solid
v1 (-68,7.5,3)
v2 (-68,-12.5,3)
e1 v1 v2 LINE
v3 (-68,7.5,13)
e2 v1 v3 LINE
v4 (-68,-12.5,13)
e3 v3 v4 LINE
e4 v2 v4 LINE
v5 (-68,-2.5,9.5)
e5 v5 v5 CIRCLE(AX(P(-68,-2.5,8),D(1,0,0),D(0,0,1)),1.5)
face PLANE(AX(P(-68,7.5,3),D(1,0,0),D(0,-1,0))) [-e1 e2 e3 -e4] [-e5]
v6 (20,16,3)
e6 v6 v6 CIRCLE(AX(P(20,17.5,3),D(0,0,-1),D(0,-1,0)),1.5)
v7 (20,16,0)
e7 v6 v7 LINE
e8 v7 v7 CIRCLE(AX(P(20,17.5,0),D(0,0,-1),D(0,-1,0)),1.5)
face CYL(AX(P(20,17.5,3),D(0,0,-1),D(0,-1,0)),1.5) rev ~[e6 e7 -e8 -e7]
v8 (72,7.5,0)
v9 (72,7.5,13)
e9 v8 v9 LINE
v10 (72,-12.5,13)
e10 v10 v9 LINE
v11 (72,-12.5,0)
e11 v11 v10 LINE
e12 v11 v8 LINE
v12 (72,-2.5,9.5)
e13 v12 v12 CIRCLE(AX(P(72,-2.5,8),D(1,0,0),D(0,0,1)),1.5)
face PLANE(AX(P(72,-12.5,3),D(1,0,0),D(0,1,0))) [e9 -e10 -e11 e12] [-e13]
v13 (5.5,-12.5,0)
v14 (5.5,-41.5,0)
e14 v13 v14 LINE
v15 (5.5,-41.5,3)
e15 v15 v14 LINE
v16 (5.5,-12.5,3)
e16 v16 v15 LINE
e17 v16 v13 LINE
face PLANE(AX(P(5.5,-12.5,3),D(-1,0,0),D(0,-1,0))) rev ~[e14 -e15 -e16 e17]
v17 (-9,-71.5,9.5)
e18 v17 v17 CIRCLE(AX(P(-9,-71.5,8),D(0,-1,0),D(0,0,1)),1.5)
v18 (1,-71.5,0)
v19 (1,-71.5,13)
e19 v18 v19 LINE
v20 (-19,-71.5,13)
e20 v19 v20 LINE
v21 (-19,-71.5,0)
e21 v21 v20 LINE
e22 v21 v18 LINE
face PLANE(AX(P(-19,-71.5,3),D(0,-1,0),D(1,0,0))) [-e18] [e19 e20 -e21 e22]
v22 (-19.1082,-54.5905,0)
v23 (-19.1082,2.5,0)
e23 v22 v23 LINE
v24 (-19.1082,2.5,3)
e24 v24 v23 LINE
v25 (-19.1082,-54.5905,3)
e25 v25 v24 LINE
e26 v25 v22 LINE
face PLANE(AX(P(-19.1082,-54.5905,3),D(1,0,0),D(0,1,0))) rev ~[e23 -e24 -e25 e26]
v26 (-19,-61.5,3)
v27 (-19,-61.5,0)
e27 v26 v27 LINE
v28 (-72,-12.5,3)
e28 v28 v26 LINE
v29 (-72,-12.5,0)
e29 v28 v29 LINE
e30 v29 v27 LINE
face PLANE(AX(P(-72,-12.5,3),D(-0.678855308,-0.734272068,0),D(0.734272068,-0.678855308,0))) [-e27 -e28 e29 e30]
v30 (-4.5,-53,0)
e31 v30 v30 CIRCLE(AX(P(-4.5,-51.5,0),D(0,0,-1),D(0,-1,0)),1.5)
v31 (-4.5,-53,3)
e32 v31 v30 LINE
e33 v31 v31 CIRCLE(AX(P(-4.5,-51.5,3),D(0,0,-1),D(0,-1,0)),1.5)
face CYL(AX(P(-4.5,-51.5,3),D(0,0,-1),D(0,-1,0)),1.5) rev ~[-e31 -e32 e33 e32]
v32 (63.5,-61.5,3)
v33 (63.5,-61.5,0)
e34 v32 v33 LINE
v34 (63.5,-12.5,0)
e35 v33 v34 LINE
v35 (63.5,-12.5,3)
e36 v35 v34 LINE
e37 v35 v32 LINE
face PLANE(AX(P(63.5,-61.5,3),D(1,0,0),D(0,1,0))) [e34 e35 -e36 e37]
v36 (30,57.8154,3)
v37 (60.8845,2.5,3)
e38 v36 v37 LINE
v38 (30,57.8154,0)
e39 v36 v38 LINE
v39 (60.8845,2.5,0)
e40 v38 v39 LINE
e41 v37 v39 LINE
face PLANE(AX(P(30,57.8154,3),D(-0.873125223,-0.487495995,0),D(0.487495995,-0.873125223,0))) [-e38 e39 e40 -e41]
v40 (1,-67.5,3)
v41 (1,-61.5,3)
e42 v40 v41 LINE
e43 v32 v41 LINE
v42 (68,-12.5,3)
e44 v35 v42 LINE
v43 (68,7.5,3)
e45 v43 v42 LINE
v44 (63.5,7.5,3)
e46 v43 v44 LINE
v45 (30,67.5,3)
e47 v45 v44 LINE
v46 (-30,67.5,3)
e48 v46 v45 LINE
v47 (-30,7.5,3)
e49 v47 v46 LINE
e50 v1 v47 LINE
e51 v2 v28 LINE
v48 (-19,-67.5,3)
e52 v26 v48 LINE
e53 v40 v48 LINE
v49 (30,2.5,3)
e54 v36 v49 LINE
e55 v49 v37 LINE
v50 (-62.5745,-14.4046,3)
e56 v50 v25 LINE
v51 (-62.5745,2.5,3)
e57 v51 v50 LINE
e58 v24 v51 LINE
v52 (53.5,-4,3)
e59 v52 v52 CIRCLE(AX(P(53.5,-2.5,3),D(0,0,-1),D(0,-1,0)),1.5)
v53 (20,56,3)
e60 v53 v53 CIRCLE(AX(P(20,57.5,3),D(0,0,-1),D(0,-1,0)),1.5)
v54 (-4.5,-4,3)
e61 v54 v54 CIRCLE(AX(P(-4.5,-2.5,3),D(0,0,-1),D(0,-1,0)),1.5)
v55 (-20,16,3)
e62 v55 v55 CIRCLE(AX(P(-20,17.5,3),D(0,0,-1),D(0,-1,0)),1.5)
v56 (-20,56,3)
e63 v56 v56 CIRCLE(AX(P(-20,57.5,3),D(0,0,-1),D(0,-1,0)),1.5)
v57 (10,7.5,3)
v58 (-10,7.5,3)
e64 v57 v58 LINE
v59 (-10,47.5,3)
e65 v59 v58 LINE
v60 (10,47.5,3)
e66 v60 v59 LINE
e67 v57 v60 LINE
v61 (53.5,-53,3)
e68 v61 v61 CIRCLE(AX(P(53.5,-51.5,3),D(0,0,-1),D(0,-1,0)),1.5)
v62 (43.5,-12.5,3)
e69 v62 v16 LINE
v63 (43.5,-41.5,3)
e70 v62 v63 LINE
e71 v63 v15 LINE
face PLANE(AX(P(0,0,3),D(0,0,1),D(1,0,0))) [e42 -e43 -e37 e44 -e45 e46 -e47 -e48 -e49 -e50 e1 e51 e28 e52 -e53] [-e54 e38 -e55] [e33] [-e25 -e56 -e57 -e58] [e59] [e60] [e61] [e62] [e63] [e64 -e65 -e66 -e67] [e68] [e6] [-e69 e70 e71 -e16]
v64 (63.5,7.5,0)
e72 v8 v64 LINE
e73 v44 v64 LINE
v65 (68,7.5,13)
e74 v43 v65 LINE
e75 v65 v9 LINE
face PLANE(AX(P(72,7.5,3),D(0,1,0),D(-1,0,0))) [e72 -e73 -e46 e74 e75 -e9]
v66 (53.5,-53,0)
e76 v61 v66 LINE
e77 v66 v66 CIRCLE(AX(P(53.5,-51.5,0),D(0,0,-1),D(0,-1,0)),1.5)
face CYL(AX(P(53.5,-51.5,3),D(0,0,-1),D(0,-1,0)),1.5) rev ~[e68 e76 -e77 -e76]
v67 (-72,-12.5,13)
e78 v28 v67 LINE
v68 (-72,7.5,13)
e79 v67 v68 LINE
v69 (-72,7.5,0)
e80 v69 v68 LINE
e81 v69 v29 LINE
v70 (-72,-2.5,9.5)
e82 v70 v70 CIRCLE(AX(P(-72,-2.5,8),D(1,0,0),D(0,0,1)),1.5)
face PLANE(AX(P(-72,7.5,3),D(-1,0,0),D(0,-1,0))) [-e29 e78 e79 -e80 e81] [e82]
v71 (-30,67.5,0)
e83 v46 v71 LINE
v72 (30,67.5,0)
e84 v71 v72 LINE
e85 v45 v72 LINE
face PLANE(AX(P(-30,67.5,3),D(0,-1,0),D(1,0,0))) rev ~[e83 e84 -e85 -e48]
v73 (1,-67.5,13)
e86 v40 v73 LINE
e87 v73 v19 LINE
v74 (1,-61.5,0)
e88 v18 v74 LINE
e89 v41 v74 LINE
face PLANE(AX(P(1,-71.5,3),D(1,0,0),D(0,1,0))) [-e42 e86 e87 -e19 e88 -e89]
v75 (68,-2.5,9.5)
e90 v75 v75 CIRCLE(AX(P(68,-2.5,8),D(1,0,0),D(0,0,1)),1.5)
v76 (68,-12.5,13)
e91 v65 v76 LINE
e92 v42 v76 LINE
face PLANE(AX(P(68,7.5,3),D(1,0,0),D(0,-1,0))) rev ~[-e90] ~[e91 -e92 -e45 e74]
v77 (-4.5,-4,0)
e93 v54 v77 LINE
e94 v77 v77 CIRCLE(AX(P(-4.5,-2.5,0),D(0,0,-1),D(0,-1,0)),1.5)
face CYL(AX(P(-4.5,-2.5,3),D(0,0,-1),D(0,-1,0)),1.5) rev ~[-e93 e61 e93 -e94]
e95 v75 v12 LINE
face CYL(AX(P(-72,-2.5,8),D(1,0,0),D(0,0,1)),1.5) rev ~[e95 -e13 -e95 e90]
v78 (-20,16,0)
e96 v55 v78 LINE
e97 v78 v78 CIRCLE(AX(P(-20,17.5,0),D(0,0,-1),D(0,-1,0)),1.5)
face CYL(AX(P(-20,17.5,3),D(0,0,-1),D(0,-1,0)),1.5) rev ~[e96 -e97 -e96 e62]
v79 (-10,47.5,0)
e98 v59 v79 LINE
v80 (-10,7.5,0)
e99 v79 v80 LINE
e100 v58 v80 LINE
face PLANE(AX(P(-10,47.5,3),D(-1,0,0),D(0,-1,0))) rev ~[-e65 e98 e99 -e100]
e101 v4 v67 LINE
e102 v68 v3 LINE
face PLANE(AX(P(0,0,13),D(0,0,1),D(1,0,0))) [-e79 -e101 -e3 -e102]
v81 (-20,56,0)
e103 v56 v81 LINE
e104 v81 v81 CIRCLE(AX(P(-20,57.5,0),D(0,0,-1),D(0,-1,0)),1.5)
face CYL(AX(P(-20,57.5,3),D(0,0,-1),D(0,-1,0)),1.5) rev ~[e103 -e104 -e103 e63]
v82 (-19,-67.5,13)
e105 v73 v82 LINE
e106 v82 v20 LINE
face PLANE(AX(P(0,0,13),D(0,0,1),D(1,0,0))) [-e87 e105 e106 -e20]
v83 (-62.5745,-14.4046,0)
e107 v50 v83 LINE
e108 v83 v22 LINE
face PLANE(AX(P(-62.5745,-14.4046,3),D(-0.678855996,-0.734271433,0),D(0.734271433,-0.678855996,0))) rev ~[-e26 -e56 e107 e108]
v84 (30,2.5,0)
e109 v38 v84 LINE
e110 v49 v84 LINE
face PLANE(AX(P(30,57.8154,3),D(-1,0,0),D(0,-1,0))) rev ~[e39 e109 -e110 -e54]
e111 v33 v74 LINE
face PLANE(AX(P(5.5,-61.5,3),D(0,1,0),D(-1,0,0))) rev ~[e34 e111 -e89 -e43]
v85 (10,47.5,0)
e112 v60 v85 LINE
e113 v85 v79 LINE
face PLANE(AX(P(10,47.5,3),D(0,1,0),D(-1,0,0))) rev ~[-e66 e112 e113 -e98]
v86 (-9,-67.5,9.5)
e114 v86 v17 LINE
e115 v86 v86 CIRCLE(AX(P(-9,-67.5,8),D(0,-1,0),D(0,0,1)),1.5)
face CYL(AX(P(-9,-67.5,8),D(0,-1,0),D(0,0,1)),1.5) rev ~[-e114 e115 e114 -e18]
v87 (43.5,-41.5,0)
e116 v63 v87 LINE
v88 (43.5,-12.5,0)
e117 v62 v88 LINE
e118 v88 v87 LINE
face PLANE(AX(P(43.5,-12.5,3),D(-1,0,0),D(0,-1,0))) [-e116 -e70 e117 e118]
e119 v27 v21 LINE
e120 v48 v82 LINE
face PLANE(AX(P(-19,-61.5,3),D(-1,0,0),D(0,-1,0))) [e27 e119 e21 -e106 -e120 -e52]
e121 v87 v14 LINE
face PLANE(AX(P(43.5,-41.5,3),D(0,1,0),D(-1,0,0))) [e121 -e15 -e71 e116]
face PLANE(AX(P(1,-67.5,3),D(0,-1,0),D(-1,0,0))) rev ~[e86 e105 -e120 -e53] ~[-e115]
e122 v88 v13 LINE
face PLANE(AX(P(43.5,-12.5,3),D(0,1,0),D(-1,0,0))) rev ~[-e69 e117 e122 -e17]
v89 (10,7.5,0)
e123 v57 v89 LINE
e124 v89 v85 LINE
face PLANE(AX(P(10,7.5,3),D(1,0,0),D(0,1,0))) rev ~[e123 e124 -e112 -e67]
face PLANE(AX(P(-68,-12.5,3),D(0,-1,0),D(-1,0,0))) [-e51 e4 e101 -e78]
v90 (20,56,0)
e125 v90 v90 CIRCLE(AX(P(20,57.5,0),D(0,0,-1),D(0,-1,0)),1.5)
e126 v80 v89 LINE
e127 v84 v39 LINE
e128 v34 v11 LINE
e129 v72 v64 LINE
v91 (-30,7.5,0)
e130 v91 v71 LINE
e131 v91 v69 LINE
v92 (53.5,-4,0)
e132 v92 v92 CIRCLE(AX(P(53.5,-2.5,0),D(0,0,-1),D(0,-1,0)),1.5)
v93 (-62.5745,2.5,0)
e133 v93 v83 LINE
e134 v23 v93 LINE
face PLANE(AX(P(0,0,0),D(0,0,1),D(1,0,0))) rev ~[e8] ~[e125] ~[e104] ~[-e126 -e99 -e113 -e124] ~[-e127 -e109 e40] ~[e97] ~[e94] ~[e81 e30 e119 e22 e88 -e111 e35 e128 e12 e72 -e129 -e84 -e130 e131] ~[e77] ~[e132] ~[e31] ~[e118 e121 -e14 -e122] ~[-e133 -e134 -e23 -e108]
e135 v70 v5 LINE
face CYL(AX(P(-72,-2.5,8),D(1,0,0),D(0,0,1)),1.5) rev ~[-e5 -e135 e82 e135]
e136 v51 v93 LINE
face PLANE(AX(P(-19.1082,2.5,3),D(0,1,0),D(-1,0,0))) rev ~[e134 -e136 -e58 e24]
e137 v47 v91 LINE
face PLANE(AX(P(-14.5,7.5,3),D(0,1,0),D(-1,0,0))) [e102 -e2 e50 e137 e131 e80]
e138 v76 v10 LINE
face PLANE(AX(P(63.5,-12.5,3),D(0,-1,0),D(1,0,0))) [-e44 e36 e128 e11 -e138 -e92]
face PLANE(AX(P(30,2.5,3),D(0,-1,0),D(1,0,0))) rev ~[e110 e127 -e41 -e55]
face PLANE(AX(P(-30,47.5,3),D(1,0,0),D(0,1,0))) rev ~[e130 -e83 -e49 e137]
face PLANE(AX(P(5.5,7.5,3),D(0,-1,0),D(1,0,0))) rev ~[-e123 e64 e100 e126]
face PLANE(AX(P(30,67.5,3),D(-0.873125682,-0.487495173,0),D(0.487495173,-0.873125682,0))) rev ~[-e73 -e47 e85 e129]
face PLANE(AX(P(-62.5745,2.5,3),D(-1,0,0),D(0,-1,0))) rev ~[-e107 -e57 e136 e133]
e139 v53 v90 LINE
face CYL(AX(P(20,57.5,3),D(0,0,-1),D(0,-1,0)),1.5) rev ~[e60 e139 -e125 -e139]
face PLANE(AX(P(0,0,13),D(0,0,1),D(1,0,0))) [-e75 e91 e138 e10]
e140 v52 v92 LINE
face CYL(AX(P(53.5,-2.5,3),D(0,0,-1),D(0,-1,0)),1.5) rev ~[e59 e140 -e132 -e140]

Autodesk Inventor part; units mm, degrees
ref_plane "YZ Plane" through (0, 0, 0) normal (1, 0, 0) x (0, 1, 0)
ref_plane "XZ Plane" through (0, 0, 0) normal (0, 1, 0) x (-1, 0, 0)
ref_plane "XY Plane" through (0, 0, 0) normal (0, 0, 1) x (1, 0, 0)
sketch "Szkic1" plane through (0, 0, 0) normal (0, 0, 1) x (1, 0, 0)
  line L0 (72, -75) -> (-72, -75)
  line L1 (-72, -75) -> (-72, 75)
  line L2 (-72, 75) -> (72, 75)
  line L3 (72, 75) -> (72, -75)
  line L4 (72, -75) -> (-72, 75) construction
  line L5 (-72, -75) -> (72, 75) construction
  point P0 (0, 0)
  dimension "d0" = 144
  dimension "d1" = 150
extrude "Wyciągnięcie proste1" add sketch "Szkic1" along normal blind 3
sketch "Szkic2" plane through (0, 0, 3) normal (0, 0, 1) x (1, 0, 0)
  line L0 (72, -75) -> (72, 75) projected
  line L1 (-72, -75) -> (72, -75)
  line L2 (72, -75) -> (72, 75)
  line L3 (72, 75) -> (-72, 75)
  line L4 (-72, 75) -> (-72, -75)
  line L5 (-72, -75) -> (72, 75) construction
  line L6 (72, -75) -> (-72, 75) construction
  line L7 (-20, 17.5) -> (20, 17.5)
  line L8 (20, 17.5) -> (20, 57.5)
  line L9 (20, 57.5) -> (-20, 57.5)
  line L10 (-20, 57.5) -> (-20, 17.5)
  point P0 (0, 0)
  point P1 (53.5, -2.5)
  point P2 (53.5, -51.5)
  point P3 (-4.5, -51.5)
  point P4 (-4.5, -2.5)
  dimension "d12" = 58
  dimension "d14" = 58
  dimension "d15" = 49
  dimension "d16" = 18.5
  dimension "d17" = 72.5
  dimension "d18" = 23.5
  dimension "d19" = 18.5
  dimension "d20" = 23.5
  dimension "d21" = 40
  dimension "d22" = 40
  dimension "d23" = 20
  dimension "d24" = 52
hole "Otwór1" at (53.5, -2.5, 3) at (53.5, -51.5, 3) at (-4.5, -51.5, 3) at (-4.5, -2.5, 3) at (-20, 57.5, 3) at (20, 57.5, 3) at (20, 17.5, 3) at (-20, 17.5, 3) direction (0, 0, -1) diameter 3 end through all
sketch "Szkic3" plane through (0, 0, 3) normal (0, 0, 1) x (1, 0, 0)
  line L0 (-30, 67.5) -> (-10, 67.5)
  line L1 (-10, 75) -> (-10, 7.5)
  line L2 (-10, 7.5) -> (-30, 7.5)
  line L3 (-30, 7.5) -> (-30, 75)
  circle A0 centre (-20, 57.5) radius 1.5 projected
  line L4 (10, 67.5) -> (30, 67.5)
  line L5 (30, 67.5) -> (30, 0)
  line L6 (30, 0) -> (10, 0)
  line L7 (10, 0) -> (10, 67.5)
  circle A1 centre (20, 57.5) radius 1.5 projected
  line L8 (30, 67.5) -> (30, 47.5)
  line L9 (-30, 47.5) -> (-30, 67.5)
  line L10 (-14.5, 7.5) -> (5.5, 7.5)
  line L11 (5.5, 7.5) -> (5.5, -61.5)
  line L12 (5.5, -61.5) -> (-14.5, -61.5)
  line L13 (-14.5, -61.5) -> (-14.5, 7.5)
  circle A2 centre (-4.5, -51.5) radius 1.5 projected
  circle A3 centre (-4.5, -2.5) radius 1.5 projected
  line L14 (-30, 67.5) -> (30, 67.5)
  line L15 (30, 67.5) -> (30, 47.5)
  line L16 (30, 47.5) -> (-30, 47.5)
  line L17 (-30, 47.5) -> (-30, 67.5)
  line L18 (-14.5, 7.5) -> (63.5, 7.5)
  line L19 (63.5, 7.5) -> (63.5, -12.5)
  line L20 (63.5, -12.5) -> (-14.5, -12.5)
  line L21 (-14.5, -12.5) -> (-14.5, 7.5)
  circle A4 centre (53.5, -2.5) radius 1.5 projected
  line L22 (63.5, 7.5) -> (43.5, 7.5)
  line L23 (43.5, 7.5) -> (43.5, -61.5)
  line L24 (43.5, -61.5) -> (63.5, -61.5)
  line L25 (63.5, -61.5) -> (63.5, 7.5)
  circle A5 centre (53.5, -51.5) radius 1.5 projected
  line L26 (-14.5, -61.5) -> (63.5, -61.5)
  line L27 (63.5, -61.5) -> (63.5, -41.5)
  line L28 (63.5, -41.5) -> (-14.5, -41.5)
  line L29 (-14.5, -41.5) -> (-14.5, -61.5)
  line L30 (72, 75) -> (-72, 75) projected
  line L31 (-72, -75) -> (72, -75) projected
  line L32 (-72, 75) -> (72, 75)
  line L33 (72, 75) -> (72, -75)
  line L34 (72, -75) -> (-72, -75)
  line L35 (-72, -75) -> (-72, 75)
  line L36 (-30, 67.5) -> (-10, 67.5)
  line L37 (-10, 67.5) -> (-10, 7.5)
  line L38 (-10, 7.5) -> (-30, 7.5)
  line L39 (-30, 7.5) -> (-30, 67.5)
  point P0 (0, 0)
  dimension "d32" = 20
  dimension "d33" = 10
  dimension "d34" = 20
  dimension "d36" = 10
  dimension "d37" = 20
  dimension "d39" = 20
  dimension "d40" = 10
  dimension "d42" = 10
  dimension "d44" = 10
  dimension "d46" = 10
  dimension "d47" = 10
  dimension "d48" = 60
  dimension "d49" = 20
  dimension "d51" = 78
  dimension "d52" = 10
  dimension "d53" = 20
  dimension "d54" = 20
  dimension "d55" = 78
  dimension "d56" = 20
extrude "Wyciągnięcie proste2" cut sketch "Szkic3" against normal blind 10 contours L3 L30 L1 L0 | L3 L2 L13 L12 L26 L24 L25 L19 L18 L5 L4 L14 L1 L30 L33 L31 L35 | L16 L7 L18 L10 L1 | L20 L23 L28 L11
sketch "Szkic4" plane through (0, 0, 3) normal (0, 0, 1) x (1, 0, 0)
  line L0 (30, 7.5) -> (30, 67.5) projected
  line L1 (63.5, 7.5) -> (63.5, -61.5) projected
  line L2 (30, 67.5) -> (63.5, 7.5)
  line L3 (30, 7.5) -> (63.5, 7.5) projected
  line L4 (63.5, 7.5) -> (30, 7.5)
  line L5 (-30, 67.5) -> (30, 67.5) projected
  line L6 (30, 7.5) -> (30, 67.5)
  line L7 (-19, -71.5) -> (1, -71.5)
  line L8 (1, -71.5) -> (1, -61.5)
  line L9 (1, -61.5) -> (-19, -61.5)
  line L10 (-19, -61.5) -> (-19, -71.5)
  line L11 (-19, -71.5) -> (1, -61.5) construction
  line L12 (1, -71.5) -> (-19, -61.5) construction
  circle A0 centre (-4.5, -51.5) radius 1.5 projected
  line L13 (-19, -61.5) -> (-14.5, -61.5)
  line L14 (-30, 7.5) -> (-30, 67.5) projected
  line L15 (63.5, -12.5) -> (72, -12.5)
  line L16 (72, -12.5) -> (72, 7.5)
  line L17 (72, 7.5) -> (63.5, 7.5)
  line L18 (63.5, 7.5) -> (63.5, -12.5)
  line L19 (63.5, -12.5) -> (72, 7.5) construction
  line L20 (72, -12.5) -> (63.5, 7.5) construction
  circle A1 centre (53.5, -2.5) radius 1.5 projected
  line L21 (-14.5, -61.5) -> (-14.5, 7.5) projected
  line L22 (-14.5, 7.5) -> (-72, 7.5)
  line L23 (-72, 7.5) -> (-72, -12.5)
  line L24 (-72, -12.5) -> (-14.5, -12.5)
  line L25 (-14.5, -12.5) -> (-14.5, 7.5)
  line L26 (-72, -12.5) -> (-19, -61.5)
  line L27 (-14.5, -61.5) -> (-14.5, -12.5)
  point P0 (0, 0)
  point P1 (-9, -66.5)
  point P2 (67.75, -2.5)
  dimension "d59" = 20
  dimension "d60" = 10
  dimension "d61" = 15
  dimension "d62" = 4.5
  dimension "d63" = 8.5
  dimension "d64" = 20
  dimension "d65" = 18.5
  dimension "d67" = 10
  dimension "d68" = 57.5
  dimension "d69" = 20
extrude "Wyciągnięcie proste3" add sketch "Szkic4" against normal blind 3 contours L22 L21 L24 L23 | L17 L16 L15 L1 | L0 L2 L3 | L21 L9 L26 L24 | L9 L8 L7 L10
sketch "Szkic5" plane through (0, 0, 3) normal (0, 0, 1) x (1, 0, 0)
  line L0 (63.5, 7.5) -> (72, 7.5) projected
  line L1 (72, 7.5) -> (68, 7.5)
  line L2 (68, 7.5) -> (68, -12.5)
  line L3 (68, -12.5) -> (72, -12.5)
  line L4 (72, -12.5) -> (72, 7.5)
  line L5 (-72, 7.5) -> (-30, 7.5) projected
  line L6 (-72, 7.5) -> (-68, 7.5)
  line L7 (-68, 7.5) -> (-68, -12.5)
  line L8 (-68, -12.5) -> (-72, -12.5)
  line L9 (-72, -12.5) -> (-72, 7.5)
  line L10 (1, -71.5) -> (-19, -71.5) projected
  line L11 (1, -61.5) -> (1, -71.5) projected
  line L12 (-19, -71.5) -> (1, -71.5)
  line L13 (1, -71.5) -> (1, -67.5)
  line L14 (1, -67.5) -> (-19, -67.5)
  line L15 (-19, -67.5) -> (-19, -71.5)
  point P0 (0, 0)
  dimension "d72" = 4
  dimension "d73" = 20
  dimension "d74" = 4
  dimension "d75" = 4
extrude "Wyciągnięcie proste4" add sketch "Szkic5" along normal blind 10
sketch "Szkic6" plane through (-72, -12.5, 0) normal (-1, 0, 0) x (0, 0, 1)
  line L0 (13, 0) -> (13, 20) projected
  line L1 (0, 20) -> (13, 20) projected
  point P0 (0, 12.5)
  point P1 (8, 10)
  dimension "d78" = 5
  dimension "d79" = 10
hole "Otwór2" at (-72, -2.5, 8) direction (1, 0, 0) diameter 3 end through all
sketch "Szkic7" plane through (-19, -67.5, 3) normal (0, 1, 0) x (1, 0, 0)
  line L0 (20, -10) -> (0, -10) projected
  line L1 (20, 0) -> (20, -10) projected
  point P0 (19, 3)
  point P1 (10, -5)
  dimension "d87" = 5
  dimension "d88" = 10
hole "Otwór3" at (-9, -67.5, 8) direction (0, -1, 0) diameter 3 end through all
sketch "Szkic8" plane through (0, 0, 3) normal (0, 0, 1) x (1, 0, 0)
  line L0 (-72, -12.5) -> (-19, -61.5) projected
  line L1 (-19.1082, -54.5905) -> (-19.1082, 2.5)
  line L2 (-19.1082, 2.5) -> (-62.5745, 2.5)
  line L3 (-72, 7.5) -> (-30, 7.5) projected
  line L4 (-62.5745, 2.5) -> (-62.5745, -14.4046)
  line L5 (-62.5745, -14.4046) -> (-19.1082, -54.5905)
  line L6 (-72, 7.5) -> (-72, -12.5) projected
  line L7 (63.5, 7.5) -> (30, 67.5) projected
  line L8 (30, 57.8154) -> (30, 2.5)
  line L9 (30, 57.8154) -> (60.8845, 2.5)
  line L10 (30, 2.5) -> (60.8845, 2.5)
  line L11 (-30, 67.5) -> (-30, 7.5) projected
  point P0 (0, 0)
  dimension "d97" = 5
  dimension "d98" = 16.9046
  dimension "d99" = 40.1859
  dimension "d100" = 9.4254
  dimension "d102" = 5
  dimension "d103" = 55.3154
  dimension "d104" = 60
extrude "Wyciągnięcie proste5" cut sketch "Szkic8" against normal blind 10
properties part number "Uchwyt_elektronika"
